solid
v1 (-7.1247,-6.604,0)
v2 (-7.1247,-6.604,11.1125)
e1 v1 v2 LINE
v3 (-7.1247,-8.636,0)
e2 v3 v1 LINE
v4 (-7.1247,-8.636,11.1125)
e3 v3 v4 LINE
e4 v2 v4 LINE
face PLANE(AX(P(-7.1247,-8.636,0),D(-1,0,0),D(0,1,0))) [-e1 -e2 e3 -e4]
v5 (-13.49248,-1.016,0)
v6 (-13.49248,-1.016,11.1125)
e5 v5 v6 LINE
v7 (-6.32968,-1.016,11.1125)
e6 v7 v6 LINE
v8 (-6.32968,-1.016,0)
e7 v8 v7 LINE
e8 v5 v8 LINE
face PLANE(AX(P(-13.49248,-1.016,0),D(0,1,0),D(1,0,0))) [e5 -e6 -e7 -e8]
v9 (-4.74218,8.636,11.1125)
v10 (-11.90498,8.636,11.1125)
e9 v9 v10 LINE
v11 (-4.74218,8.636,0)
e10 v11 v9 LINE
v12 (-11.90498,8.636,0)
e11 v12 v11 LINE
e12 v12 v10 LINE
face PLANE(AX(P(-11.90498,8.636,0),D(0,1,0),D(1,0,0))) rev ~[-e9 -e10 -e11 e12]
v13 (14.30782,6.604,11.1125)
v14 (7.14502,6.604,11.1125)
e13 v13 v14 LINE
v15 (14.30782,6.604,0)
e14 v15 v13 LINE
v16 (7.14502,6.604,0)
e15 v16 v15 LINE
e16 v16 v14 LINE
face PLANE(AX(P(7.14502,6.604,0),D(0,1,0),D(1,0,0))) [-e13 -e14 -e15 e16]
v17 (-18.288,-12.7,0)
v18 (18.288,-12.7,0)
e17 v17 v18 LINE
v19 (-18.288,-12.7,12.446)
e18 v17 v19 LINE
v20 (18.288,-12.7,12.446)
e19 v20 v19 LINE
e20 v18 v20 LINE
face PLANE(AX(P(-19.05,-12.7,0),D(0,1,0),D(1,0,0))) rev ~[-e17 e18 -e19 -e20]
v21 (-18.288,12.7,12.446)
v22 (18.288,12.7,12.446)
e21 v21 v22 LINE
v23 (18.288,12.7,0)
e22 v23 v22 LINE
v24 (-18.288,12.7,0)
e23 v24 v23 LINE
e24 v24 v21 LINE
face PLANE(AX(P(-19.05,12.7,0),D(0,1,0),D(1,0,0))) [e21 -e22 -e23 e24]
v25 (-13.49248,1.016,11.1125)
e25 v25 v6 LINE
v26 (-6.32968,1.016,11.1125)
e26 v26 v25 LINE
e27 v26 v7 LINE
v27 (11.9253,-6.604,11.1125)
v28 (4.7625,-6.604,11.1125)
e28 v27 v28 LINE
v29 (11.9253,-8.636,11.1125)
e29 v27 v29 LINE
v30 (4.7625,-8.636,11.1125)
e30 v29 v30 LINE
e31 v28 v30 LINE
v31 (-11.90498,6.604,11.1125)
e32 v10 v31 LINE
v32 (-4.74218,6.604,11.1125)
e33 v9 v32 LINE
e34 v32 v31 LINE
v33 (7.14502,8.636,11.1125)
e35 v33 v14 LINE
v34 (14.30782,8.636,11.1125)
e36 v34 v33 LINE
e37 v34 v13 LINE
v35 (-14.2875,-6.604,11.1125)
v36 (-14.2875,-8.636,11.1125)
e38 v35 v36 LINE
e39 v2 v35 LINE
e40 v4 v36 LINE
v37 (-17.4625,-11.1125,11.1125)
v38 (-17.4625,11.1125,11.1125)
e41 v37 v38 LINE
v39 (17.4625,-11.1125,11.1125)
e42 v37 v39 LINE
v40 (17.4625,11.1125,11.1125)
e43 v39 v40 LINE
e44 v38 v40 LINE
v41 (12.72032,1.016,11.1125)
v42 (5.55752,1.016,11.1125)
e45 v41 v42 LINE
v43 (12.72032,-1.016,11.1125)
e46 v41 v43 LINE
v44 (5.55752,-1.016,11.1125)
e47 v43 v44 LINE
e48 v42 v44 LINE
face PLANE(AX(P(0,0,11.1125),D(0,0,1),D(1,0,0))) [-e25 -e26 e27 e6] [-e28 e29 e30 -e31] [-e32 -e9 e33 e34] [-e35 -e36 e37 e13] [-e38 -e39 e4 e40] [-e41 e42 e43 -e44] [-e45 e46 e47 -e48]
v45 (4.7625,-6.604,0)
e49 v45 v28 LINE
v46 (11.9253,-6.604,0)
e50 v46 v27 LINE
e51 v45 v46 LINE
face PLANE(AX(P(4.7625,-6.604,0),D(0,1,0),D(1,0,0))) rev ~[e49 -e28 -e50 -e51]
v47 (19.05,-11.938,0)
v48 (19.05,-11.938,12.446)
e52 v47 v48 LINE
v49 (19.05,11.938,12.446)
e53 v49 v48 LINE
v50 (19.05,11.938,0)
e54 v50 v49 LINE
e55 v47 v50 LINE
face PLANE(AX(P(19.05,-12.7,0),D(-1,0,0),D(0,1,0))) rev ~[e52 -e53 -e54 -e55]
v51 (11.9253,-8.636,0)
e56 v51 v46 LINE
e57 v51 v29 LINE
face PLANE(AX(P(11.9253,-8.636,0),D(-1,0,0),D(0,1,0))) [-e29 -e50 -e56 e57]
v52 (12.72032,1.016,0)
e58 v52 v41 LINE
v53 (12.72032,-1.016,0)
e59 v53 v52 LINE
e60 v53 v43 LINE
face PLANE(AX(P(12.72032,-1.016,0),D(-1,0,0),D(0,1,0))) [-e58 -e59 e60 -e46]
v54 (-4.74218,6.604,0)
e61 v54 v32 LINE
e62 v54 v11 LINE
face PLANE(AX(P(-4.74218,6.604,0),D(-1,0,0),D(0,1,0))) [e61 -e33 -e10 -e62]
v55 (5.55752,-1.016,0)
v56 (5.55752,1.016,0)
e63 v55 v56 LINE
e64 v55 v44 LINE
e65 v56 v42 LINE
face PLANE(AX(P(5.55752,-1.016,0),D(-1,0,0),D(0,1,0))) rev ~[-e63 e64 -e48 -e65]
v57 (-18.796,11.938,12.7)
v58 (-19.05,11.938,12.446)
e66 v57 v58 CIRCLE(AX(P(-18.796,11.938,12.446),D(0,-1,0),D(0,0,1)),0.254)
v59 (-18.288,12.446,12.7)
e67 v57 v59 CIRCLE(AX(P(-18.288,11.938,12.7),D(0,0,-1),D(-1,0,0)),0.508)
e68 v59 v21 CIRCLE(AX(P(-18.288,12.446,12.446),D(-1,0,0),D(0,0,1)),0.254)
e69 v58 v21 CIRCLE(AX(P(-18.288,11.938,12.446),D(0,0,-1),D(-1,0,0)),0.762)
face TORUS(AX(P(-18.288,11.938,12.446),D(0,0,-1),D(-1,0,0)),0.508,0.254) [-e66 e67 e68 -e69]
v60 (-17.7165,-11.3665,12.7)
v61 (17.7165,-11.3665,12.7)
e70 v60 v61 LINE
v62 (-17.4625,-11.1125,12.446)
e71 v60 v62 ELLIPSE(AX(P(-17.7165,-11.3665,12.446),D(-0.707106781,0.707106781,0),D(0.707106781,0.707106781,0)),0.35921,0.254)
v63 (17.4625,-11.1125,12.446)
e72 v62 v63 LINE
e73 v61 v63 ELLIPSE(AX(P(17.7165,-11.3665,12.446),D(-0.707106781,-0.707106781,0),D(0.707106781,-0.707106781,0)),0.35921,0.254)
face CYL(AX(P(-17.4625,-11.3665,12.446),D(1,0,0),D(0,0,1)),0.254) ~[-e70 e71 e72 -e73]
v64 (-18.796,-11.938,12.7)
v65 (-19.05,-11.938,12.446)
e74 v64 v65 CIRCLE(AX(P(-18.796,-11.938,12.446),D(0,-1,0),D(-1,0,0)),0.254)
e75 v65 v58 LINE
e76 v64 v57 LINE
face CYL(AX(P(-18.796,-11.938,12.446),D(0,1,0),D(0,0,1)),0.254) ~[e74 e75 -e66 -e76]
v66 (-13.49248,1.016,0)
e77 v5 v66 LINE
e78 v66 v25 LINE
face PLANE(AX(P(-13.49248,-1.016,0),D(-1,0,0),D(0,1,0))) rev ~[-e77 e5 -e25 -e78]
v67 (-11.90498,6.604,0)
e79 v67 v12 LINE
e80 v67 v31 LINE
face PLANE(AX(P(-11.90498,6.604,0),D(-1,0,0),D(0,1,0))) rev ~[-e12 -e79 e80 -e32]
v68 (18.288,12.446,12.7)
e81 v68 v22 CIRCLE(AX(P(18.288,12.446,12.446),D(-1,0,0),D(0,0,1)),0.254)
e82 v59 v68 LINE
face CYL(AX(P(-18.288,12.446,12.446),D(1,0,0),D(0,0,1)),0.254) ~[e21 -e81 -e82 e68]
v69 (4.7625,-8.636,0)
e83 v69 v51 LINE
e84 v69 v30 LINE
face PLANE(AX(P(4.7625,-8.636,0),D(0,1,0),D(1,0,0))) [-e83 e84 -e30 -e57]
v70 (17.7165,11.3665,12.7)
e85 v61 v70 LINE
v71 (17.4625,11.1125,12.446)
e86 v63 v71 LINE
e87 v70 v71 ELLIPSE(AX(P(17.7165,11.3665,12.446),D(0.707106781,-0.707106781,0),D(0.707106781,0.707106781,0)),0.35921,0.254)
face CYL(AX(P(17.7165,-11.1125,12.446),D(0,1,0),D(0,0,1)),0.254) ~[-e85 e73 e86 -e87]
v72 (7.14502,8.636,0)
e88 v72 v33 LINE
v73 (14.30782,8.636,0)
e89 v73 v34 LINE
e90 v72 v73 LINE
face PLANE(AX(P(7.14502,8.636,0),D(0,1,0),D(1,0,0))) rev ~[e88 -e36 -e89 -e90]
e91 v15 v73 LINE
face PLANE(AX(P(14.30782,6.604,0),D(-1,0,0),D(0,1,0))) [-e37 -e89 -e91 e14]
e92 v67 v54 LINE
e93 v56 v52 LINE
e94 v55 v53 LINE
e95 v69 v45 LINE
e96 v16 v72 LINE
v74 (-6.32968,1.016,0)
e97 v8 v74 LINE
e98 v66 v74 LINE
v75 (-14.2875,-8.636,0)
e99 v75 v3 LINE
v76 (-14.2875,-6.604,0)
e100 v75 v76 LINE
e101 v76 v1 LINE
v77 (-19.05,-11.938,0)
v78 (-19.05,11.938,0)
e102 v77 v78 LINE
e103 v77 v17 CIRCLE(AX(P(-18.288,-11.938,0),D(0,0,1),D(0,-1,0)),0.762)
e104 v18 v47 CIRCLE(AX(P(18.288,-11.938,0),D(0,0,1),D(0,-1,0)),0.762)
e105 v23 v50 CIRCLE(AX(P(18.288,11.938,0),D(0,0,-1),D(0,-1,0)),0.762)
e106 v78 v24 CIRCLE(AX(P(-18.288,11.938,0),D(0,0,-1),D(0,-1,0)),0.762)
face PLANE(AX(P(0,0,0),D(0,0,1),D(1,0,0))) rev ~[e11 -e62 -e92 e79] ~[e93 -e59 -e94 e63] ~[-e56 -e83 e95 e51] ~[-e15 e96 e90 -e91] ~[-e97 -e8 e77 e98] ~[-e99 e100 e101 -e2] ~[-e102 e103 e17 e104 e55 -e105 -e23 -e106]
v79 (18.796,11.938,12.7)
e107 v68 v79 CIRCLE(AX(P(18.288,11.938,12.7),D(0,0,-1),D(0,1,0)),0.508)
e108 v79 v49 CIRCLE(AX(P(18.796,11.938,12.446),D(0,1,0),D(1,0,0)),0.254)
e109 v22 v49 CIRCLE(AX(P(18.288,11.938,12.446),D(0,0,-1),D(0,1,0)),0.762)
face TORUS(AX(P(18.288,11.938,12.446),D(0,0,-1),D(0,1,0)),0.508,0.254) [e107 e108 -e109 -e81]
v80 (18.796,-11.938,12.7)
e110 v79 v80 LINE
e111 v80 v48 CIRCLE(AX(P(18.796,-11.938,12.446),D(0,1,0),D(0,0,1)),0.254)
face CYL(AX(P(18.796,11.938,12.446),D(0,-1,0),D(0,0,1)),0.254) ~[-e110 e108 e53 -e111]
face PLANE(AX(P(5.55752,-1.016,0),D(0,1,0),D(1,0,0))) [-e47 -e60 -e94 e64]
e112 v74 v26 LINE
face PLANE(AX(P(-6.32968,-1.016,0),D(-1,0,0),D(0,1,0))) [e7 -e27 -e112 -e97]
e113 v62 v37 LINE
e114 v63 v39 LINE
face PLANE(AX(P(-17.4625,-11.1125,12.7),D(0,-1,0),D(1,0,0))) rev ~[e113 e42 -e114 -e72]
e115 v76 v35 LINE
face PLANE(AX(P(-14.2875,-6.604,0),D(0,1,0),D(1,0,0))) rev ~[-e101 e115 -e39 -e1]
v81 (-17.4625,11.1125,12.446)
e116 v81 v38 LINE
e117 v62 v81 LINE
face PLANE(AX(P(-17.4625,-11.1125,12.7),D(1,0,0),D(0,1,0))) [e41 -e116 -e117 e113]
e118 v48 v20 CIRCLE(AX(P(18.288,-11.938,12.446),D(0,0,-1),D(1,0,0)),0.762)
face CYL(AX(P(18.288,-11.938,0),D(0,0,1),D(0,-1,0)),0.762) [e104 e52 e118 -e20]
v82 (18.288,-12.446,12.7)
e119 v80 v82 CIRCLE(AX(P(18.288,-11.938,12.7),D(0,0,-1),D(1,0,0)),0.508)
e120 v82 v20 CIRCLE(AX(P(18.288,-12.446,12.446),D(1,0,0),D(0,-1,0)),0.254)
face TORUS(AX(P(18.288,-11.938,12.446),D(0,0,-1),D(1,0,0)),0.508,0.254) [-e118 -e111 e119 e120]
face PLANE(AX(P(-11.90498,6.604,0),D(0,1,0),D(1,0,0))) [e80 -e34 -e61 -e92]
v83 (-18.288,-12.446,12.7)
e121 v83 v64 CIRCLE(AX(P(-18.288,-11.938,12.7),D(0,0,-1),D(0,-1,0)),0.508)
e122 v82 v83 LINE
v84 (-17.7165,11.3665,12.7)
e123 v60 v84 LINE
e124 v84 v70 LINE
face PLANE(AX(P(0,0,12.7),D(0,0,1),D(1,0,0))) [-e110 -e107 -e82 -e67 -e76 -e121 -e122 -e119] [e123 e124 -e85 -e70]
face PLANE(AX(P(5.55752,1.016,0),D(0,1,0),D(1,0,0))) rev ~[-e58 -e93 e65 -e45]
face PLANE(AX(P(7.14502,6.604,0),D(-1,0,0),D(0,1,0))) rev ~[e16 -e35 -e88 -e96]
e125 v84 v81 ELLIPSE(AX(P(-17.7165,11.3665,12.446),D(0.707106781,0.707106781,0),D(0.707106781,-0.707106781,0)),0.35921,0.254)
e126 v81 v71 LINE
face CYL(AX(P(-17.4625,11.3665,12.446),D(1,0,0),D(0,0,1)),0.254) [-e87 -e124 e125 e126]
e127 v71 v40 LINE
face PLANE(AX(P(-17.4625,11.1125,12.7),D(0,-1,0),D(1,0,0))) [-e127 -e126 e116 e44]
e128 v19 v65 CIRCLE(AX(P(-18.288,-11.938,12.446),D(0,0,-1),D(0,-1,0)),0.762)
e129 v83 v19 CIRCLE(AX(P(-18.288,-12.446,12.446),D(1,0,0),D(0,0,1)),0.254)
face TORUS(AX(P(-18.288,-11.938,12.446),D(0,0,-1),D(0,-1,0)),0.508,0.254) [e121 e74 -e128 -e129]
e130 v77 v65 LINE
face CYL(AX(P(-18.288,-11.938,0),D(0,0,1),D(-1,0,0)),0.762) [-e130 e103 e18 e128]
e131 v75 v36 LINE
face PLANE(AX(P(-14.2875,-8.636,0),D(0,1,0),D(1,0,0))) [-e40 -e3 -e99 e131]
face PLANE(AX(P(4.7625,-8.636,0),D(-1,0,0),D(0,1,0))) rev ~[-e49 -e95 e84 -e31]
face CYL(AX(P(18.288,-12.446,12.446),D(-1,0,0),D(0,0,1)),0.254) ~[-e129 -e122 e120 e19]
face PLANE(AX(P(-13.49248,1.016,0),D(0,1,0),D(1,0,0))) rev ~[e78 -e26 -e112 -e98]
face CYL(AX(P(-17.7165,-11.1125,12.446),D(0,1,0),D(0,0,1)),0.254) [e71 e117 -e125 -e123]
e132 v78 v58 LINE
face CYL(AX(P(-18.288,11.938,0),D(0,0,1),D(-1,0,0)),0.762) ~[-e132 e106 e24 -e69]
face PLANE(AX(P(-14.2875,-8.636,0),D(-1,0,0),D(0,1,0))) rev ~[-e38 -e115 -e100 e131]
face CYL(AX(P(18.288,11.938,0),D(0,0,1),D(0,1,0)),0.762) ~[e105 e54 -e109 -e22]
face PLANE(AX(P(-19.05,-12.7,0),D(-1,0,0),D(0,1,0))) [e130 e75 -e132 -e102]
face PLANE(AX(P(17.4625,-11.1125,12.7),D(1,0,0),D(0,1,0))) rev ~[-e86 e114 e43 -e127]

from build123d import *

# Parameters (mm, degrees)
F0_W     = 38.1
F0_H     = 25.4
F1_DEPTH = 12.7
F2_W     = 34.925
F2_H     = 22.225
F3_DEPTH = 1.5875
F4_R     = 0.762
F5_R     = 0.254
F6_W     = 7.1628
F6_H     = 2.032
F7_DEPTH = 25.4


with BuildPart() as f1:
    # F0 (on Top) → F1 (new body)
    with BuildSketch(Plane.XY):
        Rectangle(F0_W, F0_H)
    extrude(amount=F1_DEPTH)

    # F2 (on face) → F3 (cut)
    with BuildSketch(Plane.XY.offset(12.7)):
        Rectangle(F2_W, F2_H)
    extrude(amount=-F3_DEPTH, mode=Mode.SUBTRACT)

    # F4
    f4_edges = [f1.edges().sort_by_distance(p)[0] for p in [
        (-19.05, -12.7, 6.35),
        (-19.05, 12.7, 6.35),
        (19.05, 12.7, 6.35),
        (19.05, -12.7, 6.35),
    ]]
    fillet(f4_edges, radius=F4_R)

    # F5
    f5_edges = [f1.edges().sort_by_distance(p)[0] for p in [
        (0, 12.7, 12.7),
        (18.826815, 12.476815, 12.7),
        (-18.826815, 12.476815, 12.7),
        (19.05, 0, 12.7),
        (-19.05, 0, 12.7),
        (18.826815, -12.476815, 12.7),
        (-18.826815, -12.476815, 12.7),
        (0, -12.7, 12.7),
        (0, 11.1125, 12.7),
        (-17.4625, 0, 12.7),
        (0, -11.1125, 12.7),
        (17.4625, 0, 12.7),
    ]]
    fillet(f5_edges, radius=F5_R)

    # F6 (on Top) → F7 (cut)
    with BuildSketch(Plane.XY):
        with Locations((-10.7061, -7.62)):
            Rectangle(F6_W, F6_H)
        with Locations((-9.91108, 0)):
            Rectangle(F6_W, F6_H)
        with Locations((-8.32358, 7.62)):
            Rectangle(F6_W, F6_H)
        with Locations((9.13892, 0)):
            Rectangle(F6_W, F6_H)
        with Locations((8.3439, -7.62)):
            Rectangle(F6_W, F6_H)
        with Locations((10.72642, 7.62)):
            Rectangle(F6_W, F6_H)
    extrude(amount=F7_DEPTH, mode=Mode.SUBTRACT)


solid = f1.part
